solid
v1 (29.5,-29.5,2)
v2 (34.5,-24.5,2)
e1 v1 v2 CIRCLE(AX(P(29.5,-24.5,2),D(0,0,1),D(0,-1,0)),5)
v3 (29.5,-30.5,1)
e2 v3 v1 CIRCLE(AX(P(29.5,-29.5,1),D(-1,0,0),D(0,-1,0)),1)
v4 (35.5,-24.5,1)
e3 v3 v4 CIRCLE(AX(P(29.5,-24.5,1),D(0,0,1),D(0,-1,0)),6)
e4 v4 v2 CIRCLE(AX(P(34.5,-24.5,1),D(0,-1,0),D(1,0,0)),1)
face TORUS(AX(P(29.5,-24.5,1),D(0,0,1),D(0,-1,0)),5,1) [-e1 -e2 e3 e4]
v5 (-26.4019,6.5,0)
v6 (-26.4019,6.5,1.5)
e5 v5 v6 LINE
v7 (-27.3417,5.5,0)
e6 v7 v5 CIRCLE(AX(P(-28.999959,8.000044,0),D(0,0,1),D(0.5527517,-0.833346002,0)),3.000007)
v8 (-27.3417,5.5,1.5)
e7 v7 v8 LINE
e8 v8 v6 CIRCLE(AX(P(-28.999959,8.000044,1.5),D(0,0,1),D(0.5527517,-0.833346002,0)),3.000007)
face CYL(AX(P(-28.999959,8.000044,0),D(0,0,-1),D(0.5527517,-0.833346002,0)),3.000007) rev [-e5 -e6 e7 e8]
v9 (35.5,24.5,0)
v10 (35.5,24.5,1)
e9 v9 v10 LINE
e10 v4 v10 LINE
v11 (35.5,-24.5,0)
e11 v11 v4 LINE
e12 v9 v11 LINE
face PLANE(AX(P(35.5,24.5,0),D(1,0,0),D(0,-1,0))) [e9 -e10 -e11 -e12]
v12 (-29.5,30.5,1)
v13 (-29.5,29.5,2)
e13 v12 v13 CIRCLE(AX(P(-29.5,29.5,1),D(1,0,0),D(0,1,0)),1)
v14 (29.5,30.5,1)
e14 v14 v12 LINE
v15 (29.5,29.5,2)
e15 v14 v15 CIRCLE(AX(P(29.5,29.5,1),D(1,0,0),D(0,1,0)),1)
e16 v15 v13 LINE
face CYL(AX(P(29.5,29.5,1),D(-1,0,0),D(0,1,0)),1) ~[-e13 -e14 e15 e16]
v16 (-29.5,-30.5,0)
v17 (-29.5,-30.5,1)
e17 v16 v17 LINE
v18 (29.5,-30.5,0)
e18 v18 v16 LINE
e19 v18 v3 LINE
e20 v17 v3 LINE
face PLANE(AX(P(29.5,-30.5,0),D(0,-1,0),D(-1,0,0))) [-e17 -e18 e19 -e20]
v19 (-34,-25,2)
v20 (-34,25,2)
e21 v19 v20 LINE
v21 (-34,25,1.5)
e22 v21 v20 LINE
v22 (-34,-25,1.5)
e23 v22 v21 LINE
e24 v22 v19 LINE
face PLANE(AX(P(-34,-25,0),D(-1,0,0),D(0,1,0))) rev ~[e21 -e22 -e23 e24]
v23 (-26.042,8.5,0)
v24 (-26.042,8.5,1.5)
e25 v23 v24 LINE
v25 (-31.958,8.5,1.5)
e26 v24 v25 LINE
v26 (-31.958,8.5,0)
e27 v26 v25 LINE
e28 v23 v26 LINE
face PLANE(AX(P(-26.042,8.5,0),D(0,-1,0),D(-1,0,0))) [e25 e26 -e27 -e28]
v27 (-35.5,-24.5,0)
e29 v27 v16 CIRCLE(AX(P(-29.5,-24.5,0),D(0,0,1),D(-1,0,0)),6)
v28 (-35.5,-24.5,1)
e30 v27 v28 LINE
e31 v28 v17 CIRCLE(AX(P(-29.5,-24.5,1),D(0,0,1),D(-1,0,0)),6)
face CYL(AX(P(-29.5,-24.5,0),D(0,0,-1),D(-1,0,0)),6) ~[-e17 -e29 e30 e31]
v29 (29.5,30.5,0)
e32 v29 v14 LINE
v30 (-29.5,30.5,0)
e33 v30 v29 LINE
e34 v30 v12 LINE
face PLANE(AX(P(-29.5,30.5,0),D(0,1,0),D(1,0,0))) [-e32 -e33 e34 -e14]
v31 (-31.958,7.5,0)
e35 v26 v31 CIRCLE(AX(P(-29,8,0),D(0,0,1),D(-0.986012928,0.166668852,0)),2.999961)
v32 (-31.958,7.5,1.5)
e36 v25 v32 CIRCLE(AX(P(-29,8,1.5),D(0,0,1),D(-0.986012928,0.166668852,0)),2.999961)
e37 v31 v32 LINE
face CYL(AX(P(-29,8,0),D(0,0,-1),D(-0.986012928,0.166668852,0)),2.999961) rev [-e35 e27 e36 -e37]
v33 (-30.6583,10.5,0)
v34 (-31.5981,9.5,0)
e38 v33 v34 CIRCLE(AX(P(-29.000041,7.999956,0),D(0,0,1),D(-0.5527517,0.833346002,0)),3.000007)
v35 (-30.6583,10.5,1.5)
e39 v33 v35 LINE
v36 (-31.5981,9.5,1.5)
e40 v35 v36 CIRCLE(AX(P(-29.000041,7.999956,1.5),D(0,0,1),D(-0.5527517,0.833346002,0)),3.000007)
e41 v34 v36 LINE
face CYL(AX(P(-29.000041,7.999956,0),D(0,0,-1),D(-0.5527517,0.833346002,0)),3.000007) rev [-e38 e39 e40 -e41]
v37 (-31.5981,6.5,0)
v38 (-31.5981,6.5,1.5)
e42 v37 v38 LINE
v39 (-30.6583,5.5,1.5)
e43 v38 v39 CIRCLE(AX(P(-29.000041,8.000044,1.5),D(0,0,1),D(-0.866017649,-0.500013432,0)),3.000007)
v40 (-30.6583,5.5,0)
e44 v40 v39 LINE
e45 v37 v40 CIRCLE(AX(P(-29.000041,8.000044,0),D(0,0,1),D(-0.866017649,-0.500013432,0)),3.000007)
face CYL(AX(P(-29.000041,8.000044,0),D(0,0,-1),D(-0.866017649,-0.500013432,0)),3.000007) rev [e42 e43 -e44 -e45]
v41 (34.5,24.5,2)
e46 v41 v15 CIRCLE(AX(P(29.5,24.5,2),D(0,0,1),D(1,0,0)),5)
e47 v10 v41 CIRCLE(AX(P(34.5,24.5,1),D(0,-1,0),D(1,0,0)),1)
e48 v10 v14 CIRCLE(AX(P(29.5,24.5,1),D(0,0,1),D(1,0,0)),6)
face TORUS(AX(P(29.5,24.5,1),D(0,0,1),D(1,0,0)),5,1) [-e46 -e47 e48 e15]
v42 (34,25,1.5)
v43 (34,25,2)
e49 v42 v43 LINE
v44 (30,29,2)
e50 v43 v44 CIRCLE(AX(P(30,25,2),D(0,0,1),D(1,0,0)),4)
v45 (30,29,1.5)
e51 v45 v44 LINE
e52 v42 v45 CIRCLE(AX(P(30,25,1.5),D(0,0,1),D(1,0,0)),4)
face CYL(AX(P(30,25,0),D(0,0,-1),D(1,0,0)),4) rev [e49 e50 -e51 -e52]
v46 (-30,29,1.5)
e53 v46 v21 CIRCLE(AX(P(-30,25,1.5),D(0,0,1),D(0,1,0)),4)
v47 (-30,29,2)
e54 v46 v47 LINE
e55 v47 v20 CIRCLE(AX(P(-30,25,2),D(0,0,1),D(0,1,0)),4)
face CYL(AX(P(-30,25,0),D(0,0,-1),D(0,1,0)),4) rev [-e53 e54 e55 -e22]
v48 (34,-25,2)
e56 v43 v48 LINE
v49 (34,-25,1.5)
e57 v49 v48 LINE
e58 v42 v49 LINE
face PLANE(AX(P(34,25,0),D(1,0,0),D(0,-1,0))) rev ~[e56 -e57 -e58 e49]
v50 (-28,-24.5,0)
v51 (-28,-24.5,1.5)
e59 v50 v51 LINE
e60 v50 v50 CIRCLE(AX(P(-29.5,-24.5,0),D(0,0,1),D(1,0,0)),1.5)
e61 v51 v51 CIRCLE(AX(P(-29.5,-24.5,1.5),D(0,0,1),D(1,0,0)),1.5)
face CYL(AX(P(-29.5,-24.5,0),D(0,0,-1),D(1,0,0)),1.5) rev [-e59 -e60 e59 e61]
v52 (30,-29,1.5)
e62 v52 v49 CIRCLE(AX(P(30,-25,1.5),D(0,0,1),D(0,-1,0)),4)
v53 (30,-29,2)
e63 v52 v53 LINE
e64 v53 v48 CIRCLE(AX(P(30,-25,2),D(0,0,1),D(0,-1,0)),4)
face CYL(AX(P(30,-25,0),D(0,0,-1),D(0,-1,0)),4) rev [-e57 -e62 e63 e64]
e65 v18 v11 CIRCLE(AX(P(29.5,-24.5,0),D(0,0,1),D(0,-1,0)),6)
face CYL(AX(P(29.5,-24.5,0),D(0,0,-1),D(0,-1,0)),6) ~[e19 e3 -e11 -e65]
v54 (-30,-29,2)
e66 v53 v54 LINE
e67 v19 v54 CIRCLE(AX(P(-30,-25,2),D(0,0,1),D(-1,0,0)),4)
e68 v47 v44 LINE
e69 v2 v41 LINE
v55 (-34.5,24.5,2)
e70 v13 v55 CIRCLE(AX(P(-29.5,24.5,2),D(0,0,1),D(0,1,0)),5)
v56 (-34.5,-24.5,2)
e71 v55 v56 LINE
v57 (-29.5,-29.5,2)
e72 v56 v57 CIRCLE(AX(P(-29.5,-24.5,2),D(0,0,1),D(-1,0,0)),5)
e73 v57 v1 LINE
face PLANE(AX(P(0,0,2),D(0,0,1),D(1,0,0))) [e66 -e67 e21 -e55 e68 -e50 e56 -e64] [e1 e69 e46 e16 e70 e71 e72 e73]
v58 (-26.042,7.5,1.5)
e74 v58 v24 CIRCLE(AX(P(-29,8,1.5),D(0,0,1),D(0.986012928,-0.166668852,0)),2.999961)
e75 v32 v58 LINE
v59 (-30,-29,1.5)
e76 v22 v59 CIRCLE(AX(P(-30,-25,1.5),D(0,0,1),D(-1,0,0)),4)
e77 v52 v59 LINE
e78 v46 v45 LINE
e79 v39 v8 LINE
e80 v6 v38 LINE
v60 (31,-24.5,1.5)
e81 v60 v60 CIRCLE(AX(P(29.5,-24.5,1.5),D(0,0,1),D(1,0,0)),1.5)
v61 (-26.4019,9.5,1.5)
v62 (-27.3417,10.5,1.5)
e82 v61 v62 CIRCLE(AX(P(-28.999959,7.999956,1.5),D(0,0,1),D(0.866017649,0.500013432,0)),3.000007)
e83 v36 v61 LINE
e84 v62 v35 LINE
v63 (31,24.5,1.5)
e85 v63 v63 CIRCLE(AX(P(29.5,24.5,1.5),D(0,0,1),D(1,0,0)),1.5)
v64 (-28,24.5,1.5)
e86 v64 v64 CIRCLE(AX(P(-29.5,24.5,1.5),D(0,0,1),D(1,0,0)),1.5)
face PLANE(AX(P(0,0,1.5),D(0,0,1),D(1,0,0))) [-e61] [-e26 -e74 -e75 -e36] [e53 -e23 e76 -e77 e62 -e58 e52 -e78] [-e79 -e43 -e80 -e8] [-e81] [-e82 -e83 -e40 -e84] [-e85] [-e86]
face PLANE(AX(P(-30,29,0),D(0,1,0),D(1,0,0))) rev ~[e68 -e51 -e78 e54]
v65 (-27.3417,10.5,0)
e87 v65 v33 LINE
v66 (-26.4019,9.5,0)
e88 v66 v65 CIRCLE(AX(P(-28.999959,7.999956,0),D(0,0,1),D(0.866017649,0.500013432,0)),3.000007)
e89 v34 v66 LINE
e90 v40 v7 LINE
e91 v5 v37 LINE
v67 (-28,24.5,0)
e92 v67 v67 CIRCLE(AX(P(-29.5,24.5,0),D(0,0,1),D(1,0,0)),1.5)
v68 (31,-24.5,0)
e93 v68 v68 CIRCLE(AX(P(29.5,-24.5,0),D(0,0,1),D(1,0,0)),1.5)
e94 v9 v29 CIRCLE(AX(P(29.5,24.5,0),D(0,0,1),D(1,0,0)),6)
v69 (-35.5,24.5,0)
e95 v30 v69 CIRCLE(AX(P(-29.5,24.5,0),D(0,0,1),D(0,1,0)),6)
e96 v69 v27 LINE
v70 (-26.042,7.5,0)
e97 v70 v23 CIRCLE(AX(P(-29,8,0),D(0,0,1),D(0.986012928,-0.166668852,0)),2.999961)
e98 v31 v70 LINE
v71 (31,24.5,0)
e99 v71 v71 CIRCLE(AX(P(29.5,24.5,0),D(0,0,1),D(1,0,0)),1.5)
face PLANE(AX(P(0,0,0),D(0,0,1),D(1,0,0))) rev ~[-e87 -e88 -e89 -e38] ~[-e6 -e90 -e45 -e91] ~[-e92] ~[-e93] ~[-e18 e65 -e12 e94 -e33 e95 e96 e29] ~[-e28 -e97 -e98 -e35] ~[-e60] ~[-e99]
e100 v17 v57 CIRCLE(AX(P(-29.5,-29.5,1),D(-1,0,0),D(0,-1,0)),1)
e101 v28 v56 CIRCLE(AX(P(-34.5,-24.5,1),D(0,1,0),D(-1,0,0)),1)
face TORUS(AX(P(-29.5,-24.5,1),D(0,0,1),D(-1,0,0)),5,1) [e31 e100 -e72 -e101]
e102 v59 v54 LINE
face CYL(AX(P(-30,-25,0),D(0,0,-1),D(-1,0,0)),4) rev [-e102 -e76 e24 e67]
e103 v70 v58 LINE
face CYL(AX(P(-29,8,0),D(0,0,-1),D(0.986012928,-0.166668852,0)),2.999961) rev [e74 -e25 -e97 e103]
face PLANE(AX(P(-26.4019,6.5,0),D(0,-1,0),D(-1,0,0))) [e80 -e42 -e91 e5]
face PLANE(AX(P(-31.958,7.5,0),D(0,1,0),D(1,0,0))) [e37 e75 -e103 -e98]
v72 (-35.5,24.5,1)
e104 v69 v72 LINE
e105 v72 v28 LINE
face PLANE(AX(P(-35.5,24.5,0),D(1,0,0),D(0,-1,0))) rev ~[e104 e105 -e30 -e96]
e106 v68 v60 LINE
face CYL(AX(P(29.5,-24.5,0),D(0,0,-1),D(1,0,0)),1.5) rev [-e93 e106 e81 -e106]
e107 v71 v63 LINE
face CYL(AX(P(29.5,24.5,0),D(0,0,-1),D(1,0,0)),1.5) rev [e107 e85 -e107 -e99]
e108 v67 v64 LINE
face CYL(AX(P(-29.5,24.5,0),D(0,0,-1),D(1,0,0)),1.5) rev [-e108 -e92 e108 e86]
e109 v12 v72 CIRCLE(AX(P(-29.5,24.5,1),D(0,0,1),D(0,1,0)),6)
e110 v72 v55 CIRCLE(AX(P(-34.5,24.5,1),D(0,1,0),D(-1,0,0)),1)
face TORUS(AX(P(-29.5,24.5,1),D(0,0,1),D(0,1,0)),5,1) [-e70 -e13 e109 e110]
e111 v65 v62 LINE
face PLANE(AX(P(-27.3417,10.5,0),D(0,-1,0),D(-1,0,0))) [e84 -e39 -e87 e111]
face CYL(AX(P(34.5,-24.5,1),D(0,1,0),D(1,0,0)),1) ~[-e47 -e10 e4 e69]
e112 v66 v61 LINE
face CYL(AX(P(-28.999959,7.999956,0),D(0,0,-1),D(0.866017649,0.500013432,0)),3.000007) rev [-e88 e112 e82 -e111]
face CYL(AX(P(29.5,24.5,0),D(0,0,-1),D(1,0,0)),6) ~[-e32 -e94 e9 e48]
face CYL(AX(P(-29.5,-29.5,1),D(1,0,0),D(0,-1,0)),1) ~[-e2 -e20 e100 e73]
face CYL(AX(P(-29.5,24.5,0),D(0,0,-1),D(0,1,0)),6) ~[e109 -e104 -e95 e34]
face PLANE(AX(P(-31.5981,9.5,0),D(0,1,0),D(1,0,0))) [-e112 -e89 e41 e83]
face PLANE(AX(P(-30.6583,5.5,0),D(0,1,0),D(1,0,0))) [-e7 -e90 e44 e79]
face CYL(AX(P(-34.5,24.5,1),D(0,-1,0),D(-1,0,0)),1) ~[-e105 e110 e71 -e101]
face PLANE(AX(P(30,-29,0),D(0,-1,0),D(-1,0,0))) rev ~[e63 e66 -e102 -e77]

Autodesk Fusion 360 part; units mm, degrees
sketch "Sketch1" plane through (0, 0, 0) normal (0, 0, 1) x (1, 0, 0)
  arc A0 (29.5, -30.5) -> (35.5, -24.5) centre (29.5, -24.5) ccw
  arc A1 (35.5, 24.5) -> (29.5, 30.5) centre (29.5, 24.5) ccw
  circle A2 centre (29.5, 24.5) radius 1.5
  line L0 (-35.5, 24.5) -> (-35.5, -24.5)
  line L1 (29.5, -30.5) -> (-29.5, -30.5)
  line L2 (-29.5, 30.5) -> (29.5, 30.5)
  arc A3 (34, 25) -> (30, 29) centre (30, 25) ccw
  circle A4 centre (29.5, -24.5) radius 1.5
  arc A5 (30, -29) -> (34, -25) centre (30, -25) ccw
  line L3 (30, -29) -> (-30, -29)
  arc A6 (-34, -25) -> (-30, -29) centre (-30, -25) ccw
  line L4 (0, -27.5) -> (0.5, -27.5) construction
  arc A7 (-35.5, -24.5) -> (-29.5, -30.5) centre (-29.5, -24.5) ccw
  line L5 (-30, 29) -> (30, 29)
  arc A8 (-29.5, 30.5) -> (-35.5, 24.5) centre (-29.5, 24.5) ccw
  line L6 (0, 27.5) -> (0.5, 27.5) construction
  circle A9 centre (-29.5, 24.5) radius 1.5
  arc A10 (-30, 29) -> (-34, 25) centre (-30, 25) ccw
  line L7 (0, -27.5) -> (0.5, -27.5) construction
  line L8 (-34, -25) -> (-34, 25)
  circle A11 centre (-29.5, -24.5) radius 1.5
  line L9 (0, -27.5) -> (0.5, -27.5)
  arc A12 (-29.5, 30.5) -> (-35.5, 24.5) centre (-29.5, 24.5) ccw
  line L10 (34, 25) -> (34, -25)
  line L11 (35.5, 24.5) -> (35.5, -24.5)
  line L12 (-35.5, 0) -> (-30.5, 0) construction
  line L13 (-29, 8.5) -> (-29, 9.5) construction
  line L14 (-26.042, 8.5) -> (-31.958, 8.5)
  line L15 (-31.958, 7.5) -> (-26.042, 7.5)
  line L16 (-29, 8.5) -> (-29, 10) construction
  line L17 (-27.3417, 10.5) -> (-30.6583, 10.5)
  line L18 (-31.5981, 9.5) -> (-26.4019, 9.5)
  line L19 (-29, 7.5) -> (-29, 6) construction
  arc A13 (-30.6583, 10.5) -> (-31.5981, 9.5) centre (-29, 8) ccw
  arc A14 (-26.4019, 9.5) -> (-27.3417, 10.5) centre (-29, 8) ccw
  line L20 (-32, 8.5) -> (-31.9592, 8.4932) construction
  line L21 (-26.0408, 7.5068) -> (-26, 7.5) construction
  line L22 (-26.4019, 6.5) -> (-31.5981, 6.5)
  line L23 (-30.6583, 5.5) -> (-27.3417, 5.5)
  arc A15 (-31.958, 8.5) -> (-31.958, 7.5) centre (-29, 8) ccw
  arc A16 (-26.042, 7.5) -> (-26.042, 8.5) centre (-29, 8) ccw
  arc A17 (-31.5981, 6.5) -> (-30.6583, 5.5) centre (-29, 8) ccw
  arc A18 (-27.3417, 5.5) -> (-26.4019, 6.5) centre (-29, 8) ccw
  point P0 (-29, 8)
  point P1 (-29, 8)
  point P2 (-29, 10)
  point P3 (-29, 6)
  point P4 (-29, 6)
  dimension "d1" = 3
  dimension "d2" = 3
  dimension "d3" = 3
  dimension "d4" = 3
  dimension "d25" = 1.5
extrude "Extrude3" add sketch "Sketch1" along normal blind 2 contours A0 A1 L0 L1 L2 A7 A8 A12 L11
fillet "Fillet1" radius 1 8 edges at (-33.7426, 28.7426, 2) (-35.5, 0, 2) (-33.7426, -28.7426, 2) (0, -30.5, 2) (33.7426, -28.7426, 2) (35.5, 0, 2) (33.7426, 28.7426, 2) (0, 30.5, 2)
extrude "Extrude4" add sketch "Sketch1" along normal blind 1.5 contours A3 A5 L3 A6 L5 A10 L8 L10
extrude "Extrude2" [suppressed]
